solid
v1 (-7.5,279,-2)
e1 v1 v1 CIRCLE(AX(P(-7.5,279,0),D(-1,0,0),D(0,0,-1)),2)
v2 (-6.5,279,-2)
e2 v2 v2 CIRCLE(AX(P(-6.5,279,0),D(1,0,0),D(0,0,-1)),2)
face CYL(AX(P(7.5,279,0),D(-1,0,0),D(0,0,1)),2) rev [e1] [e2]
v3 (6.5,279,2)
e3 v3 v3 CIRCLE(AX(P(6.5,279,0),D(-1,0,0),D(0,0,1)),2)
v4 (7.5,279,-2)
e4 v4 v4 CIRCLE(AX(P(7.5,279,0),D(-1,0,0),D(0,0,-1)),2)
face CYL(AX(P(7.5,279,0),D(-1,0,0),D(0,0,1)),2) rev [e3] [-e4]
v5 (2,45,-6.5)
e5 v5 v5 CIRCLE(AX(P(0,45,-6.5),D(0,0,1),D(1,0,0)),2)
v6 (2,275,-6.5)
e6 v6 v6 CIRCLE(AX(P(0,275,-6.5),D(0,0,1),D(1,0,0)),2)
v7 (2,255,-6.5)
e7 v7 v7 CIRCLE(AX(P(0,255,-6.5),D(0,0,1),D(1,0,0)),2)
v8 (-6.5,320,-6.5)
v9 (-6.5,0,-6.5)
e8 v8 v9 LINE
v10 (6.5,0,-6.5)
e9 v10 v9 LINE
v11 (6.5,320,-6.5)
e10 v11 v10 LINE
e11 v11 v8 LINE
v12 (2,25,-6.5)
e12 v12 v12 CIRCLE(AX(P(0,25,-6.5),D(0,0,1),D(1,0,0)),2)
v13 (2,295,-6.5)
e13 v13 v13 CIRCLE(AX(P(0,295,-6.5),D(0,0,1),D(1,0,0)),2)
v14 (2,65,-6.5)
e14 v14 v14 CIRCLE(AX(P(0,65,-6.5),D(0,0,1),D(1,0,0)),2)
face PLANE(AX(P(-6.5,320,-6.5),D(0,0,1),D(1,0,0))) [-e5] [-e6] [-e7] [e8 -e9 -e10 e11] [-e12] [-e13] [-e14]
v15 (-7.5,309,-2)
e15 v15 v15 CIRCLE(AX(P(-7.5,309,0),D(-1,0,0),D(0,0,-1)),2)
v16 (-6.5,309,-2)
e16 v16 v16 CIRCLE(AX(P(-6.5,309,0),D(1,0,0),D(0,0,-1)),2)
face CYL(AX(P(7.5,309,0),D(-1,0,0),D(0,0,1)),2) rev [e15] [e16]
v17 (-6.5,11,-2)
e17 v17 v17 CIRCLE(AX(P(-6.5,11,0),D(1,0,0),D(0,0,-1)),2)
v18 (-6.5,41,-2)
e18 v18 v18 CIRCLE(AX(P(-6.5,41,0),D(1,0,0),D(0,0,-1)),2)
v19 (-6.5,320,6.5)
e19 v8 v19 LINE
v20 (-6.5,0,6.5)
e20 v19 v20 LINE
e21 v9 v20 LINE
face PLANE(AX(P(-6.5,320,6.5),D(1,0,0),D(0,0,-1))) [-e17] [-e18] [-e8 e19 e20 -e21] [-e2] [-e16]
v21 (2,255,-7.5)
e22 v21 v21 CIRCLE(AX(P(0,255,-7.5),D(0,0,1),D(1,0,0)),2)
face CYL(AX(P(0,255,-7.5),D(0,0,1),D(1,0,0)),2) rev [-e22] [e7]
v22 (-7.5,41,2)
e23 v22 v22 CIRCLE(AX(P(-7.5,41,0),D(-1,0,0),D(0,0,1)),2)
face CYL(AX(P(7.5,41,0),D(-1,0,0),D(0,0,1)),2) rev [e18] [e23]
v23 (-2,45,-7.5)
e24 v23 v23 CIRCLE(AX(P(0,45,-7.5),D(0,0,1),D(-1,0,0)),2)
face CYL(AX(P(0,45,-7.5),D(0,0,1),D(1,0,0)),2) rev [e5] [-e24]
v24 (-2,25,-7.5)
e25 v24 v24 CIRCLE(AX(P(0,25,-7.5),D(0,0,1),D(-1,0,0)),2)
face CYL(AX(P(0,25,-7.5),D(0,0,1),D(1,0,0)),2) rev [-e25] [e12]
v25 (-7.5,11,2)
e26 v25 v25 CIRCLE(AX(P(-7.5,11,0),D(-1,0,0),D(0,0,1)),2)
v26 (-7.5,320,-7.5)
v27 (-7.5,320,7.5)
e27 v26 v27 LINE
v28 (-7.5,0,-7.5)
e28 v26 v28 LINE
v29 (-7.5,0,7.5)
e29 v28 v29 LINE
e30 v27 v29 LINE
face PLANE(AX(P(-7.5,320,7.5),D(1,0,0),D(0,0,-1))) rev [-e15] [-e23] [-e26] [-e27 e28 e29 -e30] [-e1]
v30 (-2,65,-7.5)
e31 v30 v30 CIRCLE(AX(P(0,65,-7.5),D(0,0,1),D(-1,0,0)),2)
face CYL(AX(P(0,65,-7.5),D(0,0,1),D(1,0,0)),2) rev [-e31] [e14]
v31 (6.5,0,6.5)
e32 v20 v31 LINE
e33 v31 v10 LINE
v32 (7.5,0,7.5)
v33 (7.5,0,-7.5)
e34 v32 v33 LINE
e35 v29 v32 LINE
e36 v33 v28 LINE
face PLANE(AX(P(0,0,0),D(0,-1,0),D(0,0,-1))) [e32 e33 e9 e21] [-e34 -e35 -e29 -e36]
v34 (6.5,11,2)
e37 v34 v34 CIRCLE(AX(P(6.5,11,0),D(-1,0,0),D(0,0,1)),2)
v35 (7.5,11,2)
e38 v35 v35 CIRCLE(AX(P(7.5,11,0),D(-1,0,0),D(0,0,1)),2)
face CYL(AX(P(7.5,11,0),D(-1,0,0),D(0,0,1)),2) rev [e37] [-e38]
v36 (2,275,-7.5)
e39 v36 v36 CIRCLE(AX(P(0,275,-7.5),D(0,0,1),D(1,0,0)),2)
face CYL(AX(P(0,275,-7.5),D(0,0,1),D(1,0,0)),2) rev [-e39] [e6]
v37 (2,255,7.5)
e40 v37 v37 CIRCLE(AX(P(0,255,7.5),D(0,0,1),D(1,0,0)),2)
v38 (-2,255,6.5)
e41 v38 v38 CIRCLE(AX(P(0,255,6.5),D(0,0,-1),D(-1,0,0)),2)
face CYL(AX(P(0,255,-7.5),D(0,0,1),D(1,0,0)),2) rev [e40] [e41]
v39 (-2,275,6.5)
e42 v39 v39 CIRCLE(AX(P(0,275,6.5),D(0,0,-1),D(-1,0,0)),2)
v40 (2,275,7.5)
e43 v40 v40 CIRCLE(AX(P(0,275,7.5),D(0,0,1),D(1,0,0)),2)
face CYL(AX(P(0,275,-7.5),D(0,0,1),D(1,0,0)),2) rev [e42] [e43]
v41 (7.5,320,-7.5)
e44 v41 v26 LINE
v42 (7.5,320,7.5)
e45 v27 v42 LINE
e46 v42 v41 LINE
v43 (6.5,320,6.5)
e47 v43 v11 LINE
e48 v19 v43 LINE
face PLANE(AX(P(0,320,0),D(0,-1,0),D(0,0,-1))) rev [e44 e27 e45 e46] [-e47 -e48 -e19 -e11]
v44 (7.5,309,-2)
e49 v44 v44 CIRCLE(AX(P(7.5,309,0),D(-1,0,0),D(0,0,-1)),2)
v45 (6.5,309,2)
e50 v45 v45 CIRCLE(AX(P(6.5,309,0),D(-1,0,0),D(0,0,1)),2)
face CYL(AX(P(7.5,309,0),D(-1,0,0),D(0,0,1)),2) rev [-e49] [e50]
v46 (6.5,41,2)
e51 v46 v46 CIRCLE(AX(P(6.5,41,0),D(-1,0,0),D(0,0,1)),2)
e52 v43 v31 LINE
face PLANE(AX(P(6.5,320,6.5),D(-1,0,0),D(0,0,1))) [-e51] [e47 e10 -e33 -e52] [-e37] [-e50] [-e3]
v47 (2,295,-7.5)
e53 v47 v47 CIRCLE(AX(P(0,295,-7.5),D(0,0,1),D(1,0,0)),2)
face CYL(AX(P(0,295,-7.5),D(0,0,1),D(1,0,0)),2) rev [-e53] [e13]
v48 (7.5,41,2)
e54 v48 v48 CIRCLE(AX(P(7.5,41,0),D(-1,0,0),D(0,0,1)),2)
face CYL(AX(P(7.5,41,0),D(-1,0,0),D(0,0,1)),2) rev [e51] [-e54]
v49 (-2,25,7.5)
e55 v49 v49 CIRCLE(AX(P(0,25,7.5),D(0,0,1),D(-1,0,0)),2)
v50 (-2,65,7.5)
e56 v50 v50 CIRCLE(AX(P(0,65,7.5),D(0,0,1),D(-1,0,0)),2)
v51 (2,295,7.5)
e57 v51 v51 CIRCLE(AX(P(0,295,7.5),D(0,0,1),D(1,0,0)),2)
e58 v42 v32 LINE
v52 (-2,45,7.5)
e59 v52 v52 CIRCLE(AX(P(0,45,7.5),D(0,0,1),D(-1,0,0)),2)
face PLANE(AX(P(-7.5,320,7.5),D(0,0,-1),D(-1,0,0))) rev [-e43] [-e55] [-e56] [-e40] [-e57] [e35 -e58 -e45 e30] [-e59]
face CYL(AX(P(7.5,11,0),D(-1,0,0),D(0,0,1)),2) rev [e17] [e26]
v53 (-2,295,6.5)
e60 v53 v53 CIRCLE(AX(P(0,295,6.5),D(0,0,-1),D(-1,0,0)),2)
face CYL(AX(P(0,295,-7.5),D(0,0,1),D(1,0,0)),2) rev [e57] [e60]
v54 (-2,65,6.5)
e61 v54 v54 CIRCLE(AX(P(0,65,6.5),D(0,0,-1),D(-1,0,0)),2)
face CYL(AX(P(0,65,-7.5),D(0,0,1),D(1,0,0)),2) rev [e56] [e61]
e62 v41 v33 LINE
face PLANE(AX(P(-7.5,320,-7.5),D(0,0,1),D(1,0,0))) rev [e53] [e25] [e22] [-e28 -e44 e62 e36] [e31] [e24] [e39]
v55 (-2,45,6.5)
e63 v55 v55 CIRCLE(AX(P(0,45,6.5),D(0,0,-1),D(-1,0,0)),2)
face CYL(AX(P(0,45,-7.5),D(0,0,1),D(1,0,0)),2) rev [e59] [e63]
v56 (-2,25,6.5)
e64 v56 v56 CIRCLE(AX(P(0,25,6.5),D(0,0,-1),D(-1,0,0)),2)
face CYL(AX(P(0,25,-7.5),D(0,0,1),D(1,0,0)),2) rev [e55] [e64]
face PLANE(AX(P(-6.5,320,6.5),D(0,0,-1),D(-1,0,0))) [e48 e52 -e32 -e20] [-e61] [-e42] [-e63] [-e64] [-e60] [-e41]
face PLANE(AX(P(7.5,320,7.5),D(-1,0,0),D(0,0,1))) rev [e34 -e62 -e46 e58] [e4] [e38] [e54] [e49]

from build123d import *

# Parameters (mm, degrees)
SKETCH_1_W          = 15
SKETCH_1_H          = 15
SKETCH_1_W_2        = 13
SKETCH_1_H_2        = 13
EXTRUDE_1_DEPTH     = 320
SKETCH_3_R          = 2
CUT_EXTRUDE_2_DEPTH = 321.43915179
SKETCH_4_R          = 2
CUT_EXTRUDE_3_DEPTH = 321.43915179


with BuildPart() as part:
    # 草图1 → 凸台-拉伸1 (new body)
    with BuildSketch(Plane(origin=(0, 0, 0), x_dir=(1, 0, 0), z_dir=(0, 1, 0))):
        Rectangle(SKETCH_1_W, SKETCH_1_H)
        Rectangle(SKETCH_1_W_2, SKETCH_1_H_2, mode=Mode.SUBTRACT)
    extrude(amount=EXTRUDE_1_DEPTH)

    # 草图3 → 切除-拉伸2 (cut, through all)
    with BuildSketch(Plane.XY.offset(7.5)):
        with Locations((0, 295)):
            Circle(SKETCH_3_R)
        with Locations((0, 275)):
            Circle(SKETCH_3_R)
        with Locations(Location((0, 45, 0), (0, 0, 180))):
            Circle(SKETCH_3_R)
        with Locations(Location((0, 25, 0), (0, 0, 180))):
            Circle(SKETCH_3_R)
        with Locations((0, 255)):
            Circle(SKETCH_3_R)
        with Locations(Location((0, 65, 0), (0, 0, 180))):
            Circle(SKETCH_3_R)
    extrude(amount=-CUT_EXTRUDE_2_DEPTH, mode=Mode.SUBTRACT)

    # 草图4 → 切除-拉伸3 (cut, through all)
    with BuildSketch(Plane.ZY.offset(7.5)):
        with Locations((0, 11)):
            Circle(SKETCH_4_R)
        with Locations((0, 41)):
            Circle(SKETCH_4_R)
        with Locations(Location((0, 279, 0), (0, 0, 180))):
            Circle(SKETCH_4_R)
        with Locations(Location((0, 309, 0), (0, 0, 180))):
            Circle(SKETCH_4_R)
    extrude(amount=-CUT_EXTRUDE_3_DEPTH, mode=Mode.SUBTRACT)


solid = part.part
